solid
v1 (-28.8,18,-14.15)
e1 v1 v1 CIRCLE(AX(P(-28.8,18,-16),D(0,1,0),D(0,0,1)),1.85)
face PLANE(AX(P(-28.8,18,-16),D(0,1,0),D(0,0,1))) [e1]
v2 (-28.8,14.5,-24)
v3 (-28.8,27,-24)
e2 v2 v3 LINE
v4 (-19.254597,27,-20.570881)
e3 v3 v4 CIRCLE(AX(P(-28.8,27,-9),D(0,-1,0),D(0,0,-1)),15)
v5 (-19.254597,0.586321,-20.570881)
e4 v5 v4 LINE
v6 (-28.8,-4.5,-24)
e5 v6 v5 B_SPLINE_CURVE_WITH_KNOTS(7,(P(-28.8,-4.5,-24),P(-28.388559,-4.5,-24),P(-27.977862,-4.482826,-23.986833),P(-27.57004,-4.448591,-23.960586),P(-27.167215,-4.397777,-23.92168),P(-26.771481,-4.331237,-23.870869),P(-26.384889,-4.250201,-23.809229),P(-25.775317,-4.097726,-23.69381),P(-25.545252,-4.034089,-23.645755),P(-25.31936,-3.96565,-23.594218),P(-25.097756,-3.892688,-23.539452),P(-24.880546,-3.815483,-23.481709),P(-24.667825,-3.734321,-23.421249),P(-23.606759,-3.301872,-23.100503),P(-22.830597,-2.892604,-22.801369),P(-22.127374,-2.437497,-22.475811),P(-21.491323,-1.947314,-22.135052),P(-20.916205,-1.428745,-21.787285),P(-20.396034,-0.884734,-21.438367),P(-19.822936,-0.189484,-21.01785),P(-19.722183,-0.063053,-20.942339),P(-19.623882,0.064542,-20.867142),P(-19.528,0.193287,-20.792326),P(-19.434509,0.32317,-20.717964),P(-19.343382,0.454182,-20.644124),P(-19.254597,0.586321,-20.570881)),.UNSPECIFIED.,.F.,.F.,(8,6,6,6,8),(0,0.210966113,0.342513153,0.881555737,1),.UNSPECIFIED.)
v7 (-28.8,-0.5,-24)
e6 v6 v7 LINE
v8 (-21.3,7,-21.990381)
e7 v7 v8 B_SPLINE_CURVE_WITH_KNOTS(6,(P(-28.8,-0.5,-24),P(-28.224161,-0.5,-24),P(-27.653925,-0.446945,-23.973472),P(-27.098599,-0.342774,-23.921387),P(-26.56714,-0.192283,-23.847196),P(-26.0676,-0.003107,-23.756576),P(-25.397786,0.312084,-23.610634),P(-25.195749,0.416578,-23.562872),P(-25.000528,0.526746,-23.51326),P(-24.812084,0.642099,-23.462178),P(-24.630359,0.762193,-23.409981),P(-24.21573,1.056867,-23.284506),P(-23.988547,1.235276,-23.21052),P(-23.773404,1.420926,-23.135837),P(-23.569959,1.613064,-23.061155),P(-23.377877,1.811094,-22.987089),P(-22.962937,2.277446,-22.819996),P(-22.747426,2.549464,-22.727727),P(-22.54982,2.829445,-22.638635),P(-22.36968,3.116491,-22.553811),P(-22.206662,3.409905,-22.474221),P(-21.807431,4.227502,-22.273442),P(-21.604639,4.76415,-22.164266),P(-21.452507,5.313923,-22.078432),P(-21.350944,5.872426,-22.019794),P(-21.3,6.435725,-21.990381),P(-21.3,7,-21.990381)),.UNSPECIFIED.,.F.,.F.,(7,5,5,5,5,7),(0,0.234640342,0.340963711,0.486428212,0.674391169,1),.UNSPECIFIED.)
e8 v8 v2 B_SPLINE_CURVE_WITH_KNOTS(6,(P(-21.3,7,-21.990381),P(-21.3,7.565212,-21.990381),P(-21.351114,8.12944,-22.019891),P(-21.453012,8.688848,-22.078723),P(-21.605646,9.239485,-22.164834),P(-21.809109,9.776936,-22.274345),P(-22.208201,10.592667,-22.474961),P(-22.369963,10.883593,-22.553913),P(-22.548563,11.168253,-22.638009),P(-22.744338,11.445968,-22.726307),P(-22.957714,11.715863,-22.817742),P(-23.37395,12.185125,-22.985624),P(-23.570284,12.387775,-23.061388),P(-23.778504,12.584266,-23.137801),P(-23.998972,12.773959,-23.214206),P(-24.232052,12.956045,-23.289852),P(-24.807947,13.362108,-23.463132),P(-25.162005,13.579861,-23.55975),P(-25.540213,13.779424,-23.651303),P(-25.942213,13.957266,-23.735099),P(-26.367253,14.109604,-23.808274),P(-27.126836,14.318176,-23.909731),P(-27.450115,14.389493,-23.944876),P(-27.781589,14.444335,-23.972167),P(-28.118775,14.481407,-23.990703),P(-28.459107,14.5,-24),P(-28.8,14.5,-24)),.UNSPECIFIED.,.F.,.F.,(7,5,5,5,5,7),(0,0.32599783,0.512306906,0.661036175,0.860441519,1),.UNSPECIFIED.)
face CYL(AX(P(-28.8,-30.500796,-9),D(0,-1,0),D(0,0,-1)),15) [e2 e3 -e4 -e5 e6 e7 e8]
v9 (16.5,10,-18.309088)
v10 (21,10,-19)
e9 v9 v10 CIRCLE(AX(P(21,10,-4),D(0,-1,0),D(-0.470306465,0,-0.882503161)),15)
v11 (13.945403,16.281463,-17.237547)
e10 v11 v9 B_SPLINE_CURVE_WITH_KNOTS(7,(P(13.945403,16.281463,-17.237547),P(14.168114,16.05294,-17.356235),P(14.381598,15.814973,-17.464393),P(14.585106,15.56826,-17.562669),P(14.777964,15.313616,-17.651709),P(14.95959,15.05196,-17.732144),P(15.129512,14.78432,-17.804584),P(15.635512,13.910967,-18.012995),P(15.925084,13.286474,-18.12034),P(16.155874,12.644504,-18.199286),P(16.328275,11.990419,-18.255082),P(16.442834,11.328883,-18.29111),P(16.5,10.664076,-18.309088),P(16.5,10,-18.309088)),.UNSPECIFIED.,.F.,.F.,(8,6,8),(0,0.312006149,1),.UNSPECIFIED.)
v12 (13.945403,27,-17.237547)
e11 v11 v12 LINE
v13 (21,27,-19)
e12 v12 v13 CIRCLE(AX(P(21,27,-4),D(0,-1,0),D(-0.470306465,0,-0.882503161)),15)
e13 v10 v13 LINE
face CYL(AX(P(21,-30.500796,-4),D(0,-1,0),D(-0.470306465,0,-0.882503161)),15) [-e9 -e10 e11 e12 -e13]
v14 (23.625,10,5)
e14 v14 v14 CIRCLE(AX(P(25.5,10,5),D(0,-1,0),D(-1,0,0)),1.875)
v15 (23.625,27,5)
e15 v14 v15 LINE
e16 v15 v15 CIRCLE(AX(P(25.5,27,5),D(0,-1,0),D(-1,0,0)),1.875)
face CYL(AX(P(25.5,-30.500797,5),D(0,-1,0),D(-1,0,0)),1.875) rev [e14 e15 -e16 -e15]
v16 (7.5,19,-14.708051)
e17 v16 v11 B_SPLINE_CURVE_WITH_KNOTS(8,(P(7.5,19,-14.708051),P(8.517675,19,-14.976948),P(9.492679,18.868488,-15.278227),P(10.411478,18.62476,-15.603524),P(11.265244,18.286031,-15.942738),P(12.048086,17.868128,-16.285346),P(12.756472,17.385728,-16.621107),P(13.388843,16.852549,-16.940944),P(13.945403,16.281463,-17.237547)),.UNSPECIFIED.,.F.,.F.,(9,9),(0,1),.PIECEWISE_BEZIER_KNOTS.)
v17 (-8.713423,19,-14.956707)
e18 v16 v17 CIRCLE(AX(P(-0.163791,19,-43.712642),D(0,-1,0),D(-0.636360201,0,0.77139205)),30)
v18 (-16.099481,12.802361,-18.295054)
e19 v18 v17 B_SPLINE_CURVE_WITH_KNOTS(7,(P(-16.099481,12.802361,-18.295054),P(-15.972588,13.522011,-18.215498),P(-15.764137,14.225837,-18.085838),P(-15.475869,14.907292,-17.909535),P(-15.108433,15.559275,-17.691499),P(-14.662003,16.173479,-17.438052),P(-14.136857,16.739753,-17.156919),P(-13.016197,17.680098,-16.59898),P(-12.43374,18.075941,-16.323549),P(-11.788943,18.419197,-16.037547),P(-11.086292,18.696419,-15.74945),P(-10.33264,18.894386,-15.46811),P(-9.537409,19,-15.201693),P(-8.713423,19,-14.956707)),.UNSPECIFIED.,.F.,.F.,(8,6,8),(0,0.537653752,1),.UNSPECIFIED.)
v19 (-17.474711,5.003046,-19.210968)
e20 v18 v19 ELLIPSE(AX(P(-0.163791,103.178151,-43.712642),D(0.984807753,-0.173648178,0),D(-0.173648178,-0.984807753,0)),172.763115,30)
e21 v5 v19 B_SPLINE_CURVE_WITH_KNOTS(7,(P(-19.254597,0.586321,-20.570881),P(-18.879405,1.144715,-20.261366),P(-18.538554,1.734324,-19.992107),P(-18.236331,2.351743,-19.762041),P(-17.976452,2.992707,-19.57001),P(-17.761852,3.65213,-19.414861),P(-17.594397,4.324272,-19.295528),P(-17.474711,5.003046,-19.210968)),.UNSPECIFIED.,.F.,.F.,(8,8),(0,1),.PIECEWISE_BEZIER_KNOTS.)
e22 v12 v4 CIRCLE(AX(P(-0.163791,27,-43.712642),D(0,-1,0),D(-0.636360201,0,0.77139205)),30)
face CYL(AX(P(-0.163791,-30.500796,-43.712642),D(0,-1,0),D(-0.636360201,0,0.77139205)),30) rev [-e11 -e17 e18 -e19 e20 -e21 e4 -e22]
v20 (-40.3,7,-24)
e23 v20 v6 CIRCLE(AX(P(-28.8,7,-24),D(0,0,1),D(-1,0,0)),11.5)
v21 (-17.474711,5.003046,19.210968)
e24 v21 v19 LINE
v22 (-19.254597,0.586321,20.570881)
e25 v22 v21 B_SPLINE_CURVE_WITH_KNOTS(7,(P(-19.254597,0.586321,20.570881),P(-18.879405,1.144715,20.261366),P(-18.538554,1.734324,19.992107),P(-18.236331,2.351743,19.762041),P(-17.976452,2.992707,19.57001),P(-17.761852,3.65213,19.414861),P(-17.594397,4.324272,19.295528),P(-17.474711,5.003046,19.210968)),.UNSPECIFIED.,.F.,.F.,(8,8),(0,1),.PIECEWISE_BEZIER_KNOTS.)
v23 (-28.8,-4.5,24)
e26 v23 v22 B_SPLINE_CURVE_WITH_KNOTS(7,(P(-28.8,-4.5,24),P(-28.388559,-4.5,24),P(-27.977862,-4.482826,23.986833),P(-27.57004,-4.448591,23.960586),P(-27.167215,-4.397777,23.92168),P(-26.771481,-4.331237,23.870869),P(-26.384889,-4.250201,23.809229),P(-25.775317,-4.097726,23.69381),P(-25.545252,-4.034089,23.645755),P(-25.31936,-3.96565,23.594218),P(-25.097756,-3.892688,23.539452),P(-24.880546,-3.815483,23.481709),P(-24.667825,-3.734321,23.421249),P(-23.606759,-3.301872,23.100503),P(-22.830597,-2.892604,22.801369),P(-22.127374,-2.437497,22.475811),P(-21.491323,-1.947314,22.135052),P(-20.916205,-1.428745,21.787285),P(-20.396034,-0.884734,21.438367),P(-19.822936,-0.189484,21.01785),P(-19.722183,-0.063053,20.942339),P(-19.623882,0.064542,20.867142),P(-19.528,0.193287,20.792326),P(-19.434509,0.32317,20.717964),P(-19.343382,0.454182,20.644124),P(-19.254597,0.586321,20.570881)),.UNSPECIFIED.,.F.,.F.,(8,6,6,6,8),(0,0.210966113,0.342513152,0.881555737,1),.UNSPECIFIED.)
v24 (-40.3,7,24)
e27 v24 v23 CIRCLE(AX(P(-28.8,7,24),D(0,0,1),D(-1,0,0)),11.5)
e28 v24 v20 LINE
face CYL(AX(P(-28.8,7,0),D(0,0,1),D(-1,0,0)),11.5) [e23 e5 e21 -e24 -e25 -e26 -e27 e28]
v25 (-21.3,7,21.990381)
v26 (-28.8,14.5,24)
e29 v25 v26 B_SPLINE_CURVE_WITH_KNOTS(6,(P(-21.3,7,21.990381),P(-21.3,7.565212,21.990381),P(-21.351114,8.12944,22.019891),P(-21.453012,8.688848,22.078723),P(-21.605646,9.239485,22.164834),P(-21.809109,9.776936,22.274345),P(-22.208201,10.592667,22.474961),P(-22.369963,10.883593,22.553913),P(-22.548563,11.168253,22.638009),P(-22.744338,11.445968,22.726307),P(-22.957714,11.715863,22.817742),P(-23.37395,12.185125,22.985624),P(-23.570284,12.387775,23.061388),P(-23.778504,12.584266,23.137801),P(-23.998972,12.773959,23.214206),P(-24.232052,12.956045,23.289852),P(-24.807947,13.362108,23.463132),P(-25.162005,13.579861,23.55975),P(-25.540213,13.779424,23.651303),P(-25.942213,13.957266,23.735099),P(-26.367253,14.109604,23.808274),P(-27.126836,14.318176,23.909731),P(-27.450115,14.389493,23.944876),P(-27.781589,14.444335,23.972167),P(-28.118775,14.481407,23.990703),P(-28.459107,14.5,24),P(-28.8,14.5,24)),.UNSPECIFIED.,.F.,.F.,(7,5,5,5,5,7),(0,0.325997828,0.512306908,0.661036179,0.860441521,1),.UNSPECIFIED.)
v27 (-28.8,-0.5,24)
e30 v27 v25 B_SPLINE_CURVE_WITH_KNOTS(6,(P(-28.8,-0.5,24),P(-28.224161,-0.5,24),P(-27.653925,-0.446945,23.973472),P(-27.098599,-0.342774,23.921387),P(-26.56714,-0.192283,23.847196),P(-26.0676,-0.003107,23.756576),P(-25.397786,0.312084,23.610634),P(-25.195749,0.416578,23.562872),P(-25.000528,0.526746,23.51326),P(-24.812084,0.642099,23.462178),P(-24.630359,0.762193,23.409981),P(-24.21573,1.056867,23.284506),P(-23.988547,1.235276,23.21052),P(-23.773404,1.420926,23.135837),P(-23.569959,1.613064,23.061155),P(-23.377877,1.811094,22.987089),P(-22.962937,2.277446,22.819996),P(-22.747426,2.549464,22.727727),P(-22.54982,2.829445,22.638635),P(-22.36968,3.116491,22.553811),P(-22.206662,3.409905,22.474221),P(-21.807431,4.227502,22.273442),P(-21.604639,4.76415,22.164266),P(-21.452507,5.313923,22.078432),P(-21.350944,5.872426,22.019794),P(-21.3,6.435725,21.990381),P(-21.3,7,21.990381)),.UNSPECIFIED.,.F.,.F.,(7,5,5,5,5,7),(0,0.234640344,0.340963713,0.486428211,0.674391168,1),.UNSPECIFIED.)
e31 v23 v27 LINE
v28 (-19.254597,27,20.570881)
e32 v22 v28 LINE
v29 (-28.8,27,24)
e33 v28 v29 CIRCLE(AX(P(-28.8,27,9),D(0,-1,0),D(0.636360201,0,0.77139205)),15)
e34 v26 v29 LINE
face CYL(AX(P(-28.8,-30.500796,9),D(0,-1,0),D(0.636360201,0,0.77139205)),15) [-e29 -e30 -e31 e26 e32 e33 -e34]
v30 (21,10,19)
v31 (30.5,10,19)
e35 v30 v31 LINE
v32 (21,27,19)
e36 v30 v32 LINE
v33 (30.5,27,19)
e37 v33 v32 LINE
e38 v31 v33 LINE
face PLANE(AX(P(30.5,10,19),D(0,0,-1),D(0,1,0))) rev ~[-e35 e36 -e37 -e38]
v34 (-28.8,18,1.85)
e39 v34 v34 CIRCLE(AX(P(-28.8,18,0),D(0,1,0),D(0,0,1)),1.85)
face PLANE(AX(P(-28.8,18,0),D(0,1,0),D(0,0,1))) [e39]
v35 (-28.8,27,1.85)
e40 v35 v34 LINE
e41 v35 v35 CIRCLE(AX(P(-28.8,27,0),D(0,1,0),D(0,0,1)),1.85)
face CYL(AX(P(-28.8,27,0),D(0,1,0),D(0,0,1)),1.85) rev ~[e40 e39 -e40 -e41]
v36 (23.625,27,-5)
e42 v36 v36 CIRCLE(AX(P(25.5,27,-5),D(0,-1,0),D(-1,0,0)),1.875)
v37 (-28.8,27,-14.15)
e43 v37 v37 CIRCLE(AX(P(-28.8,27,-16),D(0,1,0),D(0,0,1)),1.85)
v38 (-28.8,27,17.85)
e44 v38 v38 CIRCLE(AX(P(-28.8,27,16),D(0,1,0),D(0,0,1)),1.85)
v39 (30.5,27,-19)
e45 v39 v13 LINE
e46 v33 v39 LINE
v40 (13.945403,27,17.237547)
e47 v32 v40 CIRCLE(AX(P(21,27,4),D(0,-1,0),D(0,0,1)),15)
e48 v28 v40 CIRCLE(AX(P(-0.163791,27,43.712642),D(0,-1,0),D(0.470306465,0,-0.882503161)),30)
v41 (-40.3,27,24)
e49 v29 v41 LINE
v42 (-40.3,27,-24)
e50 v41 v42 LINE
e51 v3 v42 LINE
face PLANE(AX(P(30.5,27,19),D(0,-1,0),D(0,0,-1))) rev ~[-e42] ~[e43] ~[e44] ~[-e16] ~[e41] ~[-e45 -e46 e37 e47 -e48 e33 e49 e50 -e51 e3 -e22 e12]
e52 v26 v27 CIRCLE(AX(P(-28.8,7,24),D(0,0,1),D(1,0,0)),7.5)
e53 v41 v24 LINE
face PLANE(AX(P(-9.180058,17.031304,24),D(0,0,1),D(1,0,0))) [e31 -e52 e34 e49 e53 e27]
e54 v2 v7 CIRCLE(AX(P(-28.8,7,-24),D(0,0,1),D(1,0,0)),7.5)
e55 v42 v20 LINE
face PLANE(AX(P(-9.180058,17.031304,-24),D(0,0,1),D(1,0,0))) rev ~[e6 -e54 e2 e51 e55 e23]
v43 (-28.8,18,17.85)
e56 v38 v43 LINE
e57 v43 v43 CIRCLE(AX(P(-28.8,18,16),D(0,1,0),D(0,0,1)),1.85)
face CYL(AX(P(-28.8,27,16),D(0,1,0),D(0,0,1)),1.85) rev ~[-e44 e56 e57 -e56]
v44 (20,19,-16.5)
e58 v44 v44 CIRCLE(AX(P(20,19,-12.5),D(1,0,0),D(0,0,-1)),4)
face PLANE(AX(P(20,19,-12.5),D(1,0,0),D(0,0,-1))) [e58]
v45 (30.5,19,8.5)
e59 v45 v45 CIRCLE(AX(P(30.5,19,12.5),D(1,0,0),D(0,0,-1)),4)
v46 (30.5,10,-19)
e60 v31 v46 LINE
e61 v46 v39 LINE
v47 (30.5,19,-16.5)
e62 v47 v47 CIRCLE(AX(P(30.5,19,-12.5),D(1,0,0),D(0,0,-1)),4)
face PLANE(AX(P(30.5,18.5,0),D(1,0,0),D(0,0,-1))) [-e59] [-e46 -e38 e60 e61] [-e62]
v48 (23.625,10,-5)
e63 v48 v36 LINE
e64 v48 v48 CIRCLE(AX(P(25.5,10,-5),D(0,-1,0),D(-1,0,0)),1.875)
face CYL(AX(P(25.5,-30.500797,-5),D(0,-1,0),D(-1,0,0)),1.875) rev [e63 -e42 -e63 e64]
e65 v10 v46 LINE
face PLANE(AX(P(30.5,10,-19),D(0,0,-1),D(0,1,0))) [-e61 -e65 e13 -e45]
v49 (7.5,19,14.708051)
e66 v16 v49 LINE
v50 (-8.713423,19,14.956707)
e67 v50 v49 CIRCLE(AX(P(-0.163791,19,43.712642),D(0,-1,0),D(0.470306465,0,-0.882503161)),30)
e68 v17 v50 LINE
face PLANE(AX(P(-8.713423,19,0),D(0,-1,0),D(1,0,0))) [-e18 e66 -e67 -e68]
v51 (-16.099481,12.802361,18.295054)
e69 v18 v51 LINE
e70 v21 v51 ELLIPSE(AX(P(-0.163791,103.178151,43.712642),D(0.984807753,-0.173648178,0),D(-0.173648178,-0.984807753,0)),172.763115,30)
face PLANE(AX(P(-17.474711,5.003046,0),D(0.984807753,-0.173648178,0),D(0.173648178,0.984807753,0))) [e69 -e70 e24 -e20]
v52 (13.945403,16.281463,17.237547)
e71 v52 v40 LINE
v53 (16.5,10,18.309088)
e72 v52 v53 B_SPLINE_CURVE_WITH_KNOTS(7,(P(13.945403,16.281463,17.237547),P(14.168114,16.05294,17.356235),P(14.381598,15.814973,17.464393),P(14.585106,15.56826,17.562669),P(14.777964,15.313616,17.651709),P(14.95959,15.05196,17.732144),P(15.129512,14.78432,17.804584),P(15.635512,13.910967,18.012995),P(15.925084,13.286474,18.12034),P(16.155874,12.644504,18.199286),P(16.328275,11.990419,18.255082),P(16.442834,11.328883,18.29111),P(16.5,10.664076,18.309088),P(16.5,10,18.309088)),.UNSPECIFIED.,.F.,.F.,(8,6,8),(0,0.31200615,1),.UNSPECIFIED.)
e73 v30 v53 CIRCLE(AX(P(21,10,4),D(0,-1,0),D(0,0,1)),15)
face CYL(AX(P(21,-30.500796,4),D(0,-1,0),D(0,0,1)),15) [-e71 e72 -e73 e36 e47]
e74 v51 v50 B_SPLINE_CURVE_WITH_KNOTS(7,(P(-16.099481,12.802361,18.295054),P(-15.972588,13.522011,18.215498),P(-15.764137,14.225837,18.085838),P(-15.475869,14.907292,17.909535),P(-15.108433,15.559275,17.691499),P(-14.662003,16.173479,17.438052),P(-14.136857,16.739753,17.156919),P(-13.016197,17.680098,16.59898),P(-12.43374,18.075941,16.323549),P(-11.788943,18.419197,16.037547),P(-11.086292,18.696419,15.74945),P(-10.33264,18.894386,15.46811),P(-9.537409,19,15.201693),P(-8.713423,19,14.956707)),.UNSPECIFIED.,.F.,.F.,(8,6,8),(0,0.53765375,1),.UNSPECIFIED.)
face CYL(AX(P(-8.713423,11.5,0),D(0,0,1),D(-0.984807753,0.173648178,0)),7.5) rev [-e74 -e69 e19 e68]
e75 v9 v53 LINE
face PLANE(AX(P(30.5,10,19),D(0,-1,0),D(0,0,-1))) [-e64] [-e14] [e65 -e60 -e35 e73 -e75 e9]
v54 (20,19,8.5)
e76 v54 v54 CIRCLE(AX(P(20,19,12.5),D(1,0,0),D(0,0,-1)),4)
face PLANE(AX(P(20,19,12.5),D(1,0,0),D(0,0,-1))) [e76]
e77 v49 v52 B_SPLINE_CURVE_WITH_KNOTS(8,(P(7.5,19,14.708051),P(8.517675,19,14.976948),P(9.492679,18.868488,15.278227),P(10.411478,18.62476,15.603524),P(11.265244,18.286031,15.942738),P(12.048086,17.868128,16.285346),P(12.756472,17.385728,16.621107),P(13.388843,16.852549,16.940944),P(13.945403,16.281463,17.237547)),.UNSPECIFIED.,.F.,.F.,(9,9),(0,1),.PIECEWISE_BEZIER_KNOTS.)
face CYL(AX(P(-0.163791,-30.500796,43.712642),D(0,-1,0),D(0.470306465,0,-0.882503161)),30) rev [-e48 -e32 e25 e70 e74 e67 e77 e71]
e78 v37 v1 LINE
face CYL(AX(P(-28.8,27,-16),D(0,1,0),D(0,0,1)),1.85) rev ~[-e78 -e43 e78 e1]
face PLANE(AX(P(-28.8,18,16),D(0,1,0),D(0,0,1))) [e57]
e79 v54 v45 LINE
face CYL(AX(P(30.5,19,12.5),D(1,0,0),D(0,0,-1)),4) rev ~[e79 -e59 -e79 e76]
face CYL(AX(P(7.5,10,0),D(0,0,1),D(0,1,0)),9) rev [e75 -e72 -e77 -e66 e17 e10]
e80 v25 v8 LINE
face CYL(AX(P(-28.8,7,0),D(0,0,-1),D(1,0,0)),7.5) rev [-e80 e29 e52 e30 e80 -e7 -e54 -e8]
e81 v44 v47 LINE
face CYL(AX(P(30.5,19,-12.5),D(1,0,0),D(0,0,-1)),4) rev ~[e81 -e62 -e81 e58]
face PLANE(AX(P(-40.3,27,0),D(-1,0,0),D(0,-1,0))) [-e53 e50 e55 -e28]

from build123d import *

# Parameters (mm, degrees)
SKETCH1_R               = 7.5
BOSS_EXTRUDE1_DEPTH     = 24
SKETCH2_R               = 4
CUT_EXTRUDE1_DEPTH      = 5
CUT_EXTRUDE2_DEPTH      = 57.500796455
CUT_EXTRUDE2_DEPTH_BACK = 57.500796455
BOSS_EXTRUDE2_START     = 5.5
SKETCH4_W               = 38
SKETCH4_H               = 17
SKETCH4_R               = 4
BOSS_EXTRUDE2_DEPTH     = 5.5
CUT_EXTRUDE3_DEPTH      = 57.500796624
CUT_EXTRUDE3_DEPTH_BACK = 57.500796624
SKETCH5_R               = 1.875
SKETCH6_R               = 1.85
CUT_EXTRUDE4_DEPTH      = 9


with BuildPart() as part:
    # Sketch1 → Boss-Extrude1 (new, symmetric)
    with BuildSketch(Plane.XY):
        with BuildLine():
            Line((-17.47471084, 5.003045957), (-16.099481109, 12.802361333))
            ThreePointArc((-16.099481109, 12.802361333), (-13.534330034, 17.245333323), (-8.713422961, 19))
            Line((-8.713422961, 19), (7.5, 19))
            ThreePointArc((7.5, 19), (13.863961031, 16.363961031), (16.5, 10))
            Line((16.5, 10), (25, 10))
            Line((25, 10), (25, 27))
            Line((25, 27), (12.627503281, 27))
            Line((12.627503281, 27), (-40.3, 27))
            Line((-40.3, 27), (-40.3, 7))
            ThreePointArc((-40.3, 7), (-29.802291042, -4.456239028), (-17.47471084, 5.003045957))
        make_face()
        with Locations((-28.8, 7)):
            Circle(SKETCH1_R, mode=Mode.SUBTRACT)
    extrude(amount=BOSS_EXTRUDE1_DEPTH, both=True)

    # Sketch2 → Cut-Extrude1 (cut)
    with BuildSketch(Plane(origin=(25, 0, 0), x_dir=(0, 0, -1), z_dir=(1, 0, 0))):
        with Locations((-12.5, 19)):
            Circle(SKETCH2_R)
        with Locations((12.5, 19)):
            Circle(SKETCH2_R)
    extrude(amount=-CUT_EXTRUDE1_DEPTH, mode=Mode.SUBTRACT)

    # Sketch3 → Cut-Extrude2 (cut, two sides: drawn at the far end of the back side and taken through both)
    with BuildSketch(Plane(origin=(0, 27, 0), x_dir=(1, 0, 0), z_dir=(0, 1, 0)).offset(-CUT_EXTRUDE2_DEPTH_BACK)):
        with BuildLine():
            Line((-28.8, -24), (25, -24))
            Line((25, -24), (25, -19))
            Line((25, -19), (21, -19))
            ThreePointArc((21, -19), (17.364289008, -18.552718151), (13.94540302, -17.237547411))
            ThreePointArc((13.94540302, -17.237547411), (-3.160771505, -13.862715808), (-19.25459698, -20.570880744))
            ThreePointArc((-19.25459698, -20.570880744), (-23.728669364, -23.116713696), (-28.8, -24))
        make_face()
        with BuildLine():
            Line((21, 19), (25, 19))
            Line((25, 19), (25, 24))
            Line((25, 24), (-28.8, 24))
            ThreePointArc((-28.8, 24), (-23.728669364, 23.116713696), (-19.25459698, 20.570880744))
            ThreePointArc((-19.25459698, 20.570880744), (-3.160771505, 13.862715808), (13.94540302, 17.237547411))
            ThreePointArc((13.94540302, 17.237547411), (17.364289008, 18.552718151), (21, 19))
        make_face()
    extrude(amount=CUT_EXTRUDE2_DEPTH + CUT_EXTRUDE2_DEPTH_BACK, mode=Mode.SUBTRACT)

    # Sketch4 → Boss-Extrude2 (add)
    with BuildSketch(Plane(origin=(25, 0, 0), x_dir=(0, 0, -1), z_dir=(1, 0, 0)).offset(BOSS_EXTRUDE2_START)):
        with Locations((0, 18.5)):
            Rectangle(SKETCH4_W, SKETCH4_H)
        with Locations((12.5, 19)):
            Circle(SKETCH4_R, mode=Mode.SUBTRACT)
        with Locations((-12.5, 19)):
            Circle(SKETCH4_R, mode=Mode.SUBTRACT)
    extrude(amount=-BOSS_EXTRUDE2_DEPTH)

    # Sketch5 → Cut-Extrude3 (cut, two sides: drawn at the far end of the back side and taken through both)
    with BuildSketch(Plane(origin=(0, 27, 0), x_dir=(1, 0, 0), z_dir=(0, 1, 0)).offset(-CUT_EXTRUDE3_DEPTH_BACK)):
        with Locations(Location((25.5, -5, 0), (0, 0, 180))):
            Circle(SKETCH5_R)
        with Locations(Location((25.5, 5, 0), (0, 0, 180))):
            Circle(SKETCH5_R)
    extrude(amount=CUT_EXTRUDE3_DEPTH + CUT_EXTRUDE3_DEPTH_BACK, mode=Mode.SUBTRACT)

    # Sketch6 → Cut-Extrude4 (cut)
    with BuildSketch(Plane(origin=(0, 27, 0), x_dir=(1, 0, 0), z_dir=(0, 1, 0))):
        with Locations(Location((-28.8, 16, 0), (0, 0, 270))):
            Circle(SKETCH6_R)
        with Locations(Location((-28.8, 0, 0), (0, 0, 270))):
            Circle(SKETCH6_R)
        with Locations(Location((-28.8, -16, 0), (0, 0, 270))):
            Circle(SKETCH6_R)
    extrude(amount=-CUT_EXTRUDE4_DEPTH, mode=Mode.SUBTRACT)


solid = part.part
